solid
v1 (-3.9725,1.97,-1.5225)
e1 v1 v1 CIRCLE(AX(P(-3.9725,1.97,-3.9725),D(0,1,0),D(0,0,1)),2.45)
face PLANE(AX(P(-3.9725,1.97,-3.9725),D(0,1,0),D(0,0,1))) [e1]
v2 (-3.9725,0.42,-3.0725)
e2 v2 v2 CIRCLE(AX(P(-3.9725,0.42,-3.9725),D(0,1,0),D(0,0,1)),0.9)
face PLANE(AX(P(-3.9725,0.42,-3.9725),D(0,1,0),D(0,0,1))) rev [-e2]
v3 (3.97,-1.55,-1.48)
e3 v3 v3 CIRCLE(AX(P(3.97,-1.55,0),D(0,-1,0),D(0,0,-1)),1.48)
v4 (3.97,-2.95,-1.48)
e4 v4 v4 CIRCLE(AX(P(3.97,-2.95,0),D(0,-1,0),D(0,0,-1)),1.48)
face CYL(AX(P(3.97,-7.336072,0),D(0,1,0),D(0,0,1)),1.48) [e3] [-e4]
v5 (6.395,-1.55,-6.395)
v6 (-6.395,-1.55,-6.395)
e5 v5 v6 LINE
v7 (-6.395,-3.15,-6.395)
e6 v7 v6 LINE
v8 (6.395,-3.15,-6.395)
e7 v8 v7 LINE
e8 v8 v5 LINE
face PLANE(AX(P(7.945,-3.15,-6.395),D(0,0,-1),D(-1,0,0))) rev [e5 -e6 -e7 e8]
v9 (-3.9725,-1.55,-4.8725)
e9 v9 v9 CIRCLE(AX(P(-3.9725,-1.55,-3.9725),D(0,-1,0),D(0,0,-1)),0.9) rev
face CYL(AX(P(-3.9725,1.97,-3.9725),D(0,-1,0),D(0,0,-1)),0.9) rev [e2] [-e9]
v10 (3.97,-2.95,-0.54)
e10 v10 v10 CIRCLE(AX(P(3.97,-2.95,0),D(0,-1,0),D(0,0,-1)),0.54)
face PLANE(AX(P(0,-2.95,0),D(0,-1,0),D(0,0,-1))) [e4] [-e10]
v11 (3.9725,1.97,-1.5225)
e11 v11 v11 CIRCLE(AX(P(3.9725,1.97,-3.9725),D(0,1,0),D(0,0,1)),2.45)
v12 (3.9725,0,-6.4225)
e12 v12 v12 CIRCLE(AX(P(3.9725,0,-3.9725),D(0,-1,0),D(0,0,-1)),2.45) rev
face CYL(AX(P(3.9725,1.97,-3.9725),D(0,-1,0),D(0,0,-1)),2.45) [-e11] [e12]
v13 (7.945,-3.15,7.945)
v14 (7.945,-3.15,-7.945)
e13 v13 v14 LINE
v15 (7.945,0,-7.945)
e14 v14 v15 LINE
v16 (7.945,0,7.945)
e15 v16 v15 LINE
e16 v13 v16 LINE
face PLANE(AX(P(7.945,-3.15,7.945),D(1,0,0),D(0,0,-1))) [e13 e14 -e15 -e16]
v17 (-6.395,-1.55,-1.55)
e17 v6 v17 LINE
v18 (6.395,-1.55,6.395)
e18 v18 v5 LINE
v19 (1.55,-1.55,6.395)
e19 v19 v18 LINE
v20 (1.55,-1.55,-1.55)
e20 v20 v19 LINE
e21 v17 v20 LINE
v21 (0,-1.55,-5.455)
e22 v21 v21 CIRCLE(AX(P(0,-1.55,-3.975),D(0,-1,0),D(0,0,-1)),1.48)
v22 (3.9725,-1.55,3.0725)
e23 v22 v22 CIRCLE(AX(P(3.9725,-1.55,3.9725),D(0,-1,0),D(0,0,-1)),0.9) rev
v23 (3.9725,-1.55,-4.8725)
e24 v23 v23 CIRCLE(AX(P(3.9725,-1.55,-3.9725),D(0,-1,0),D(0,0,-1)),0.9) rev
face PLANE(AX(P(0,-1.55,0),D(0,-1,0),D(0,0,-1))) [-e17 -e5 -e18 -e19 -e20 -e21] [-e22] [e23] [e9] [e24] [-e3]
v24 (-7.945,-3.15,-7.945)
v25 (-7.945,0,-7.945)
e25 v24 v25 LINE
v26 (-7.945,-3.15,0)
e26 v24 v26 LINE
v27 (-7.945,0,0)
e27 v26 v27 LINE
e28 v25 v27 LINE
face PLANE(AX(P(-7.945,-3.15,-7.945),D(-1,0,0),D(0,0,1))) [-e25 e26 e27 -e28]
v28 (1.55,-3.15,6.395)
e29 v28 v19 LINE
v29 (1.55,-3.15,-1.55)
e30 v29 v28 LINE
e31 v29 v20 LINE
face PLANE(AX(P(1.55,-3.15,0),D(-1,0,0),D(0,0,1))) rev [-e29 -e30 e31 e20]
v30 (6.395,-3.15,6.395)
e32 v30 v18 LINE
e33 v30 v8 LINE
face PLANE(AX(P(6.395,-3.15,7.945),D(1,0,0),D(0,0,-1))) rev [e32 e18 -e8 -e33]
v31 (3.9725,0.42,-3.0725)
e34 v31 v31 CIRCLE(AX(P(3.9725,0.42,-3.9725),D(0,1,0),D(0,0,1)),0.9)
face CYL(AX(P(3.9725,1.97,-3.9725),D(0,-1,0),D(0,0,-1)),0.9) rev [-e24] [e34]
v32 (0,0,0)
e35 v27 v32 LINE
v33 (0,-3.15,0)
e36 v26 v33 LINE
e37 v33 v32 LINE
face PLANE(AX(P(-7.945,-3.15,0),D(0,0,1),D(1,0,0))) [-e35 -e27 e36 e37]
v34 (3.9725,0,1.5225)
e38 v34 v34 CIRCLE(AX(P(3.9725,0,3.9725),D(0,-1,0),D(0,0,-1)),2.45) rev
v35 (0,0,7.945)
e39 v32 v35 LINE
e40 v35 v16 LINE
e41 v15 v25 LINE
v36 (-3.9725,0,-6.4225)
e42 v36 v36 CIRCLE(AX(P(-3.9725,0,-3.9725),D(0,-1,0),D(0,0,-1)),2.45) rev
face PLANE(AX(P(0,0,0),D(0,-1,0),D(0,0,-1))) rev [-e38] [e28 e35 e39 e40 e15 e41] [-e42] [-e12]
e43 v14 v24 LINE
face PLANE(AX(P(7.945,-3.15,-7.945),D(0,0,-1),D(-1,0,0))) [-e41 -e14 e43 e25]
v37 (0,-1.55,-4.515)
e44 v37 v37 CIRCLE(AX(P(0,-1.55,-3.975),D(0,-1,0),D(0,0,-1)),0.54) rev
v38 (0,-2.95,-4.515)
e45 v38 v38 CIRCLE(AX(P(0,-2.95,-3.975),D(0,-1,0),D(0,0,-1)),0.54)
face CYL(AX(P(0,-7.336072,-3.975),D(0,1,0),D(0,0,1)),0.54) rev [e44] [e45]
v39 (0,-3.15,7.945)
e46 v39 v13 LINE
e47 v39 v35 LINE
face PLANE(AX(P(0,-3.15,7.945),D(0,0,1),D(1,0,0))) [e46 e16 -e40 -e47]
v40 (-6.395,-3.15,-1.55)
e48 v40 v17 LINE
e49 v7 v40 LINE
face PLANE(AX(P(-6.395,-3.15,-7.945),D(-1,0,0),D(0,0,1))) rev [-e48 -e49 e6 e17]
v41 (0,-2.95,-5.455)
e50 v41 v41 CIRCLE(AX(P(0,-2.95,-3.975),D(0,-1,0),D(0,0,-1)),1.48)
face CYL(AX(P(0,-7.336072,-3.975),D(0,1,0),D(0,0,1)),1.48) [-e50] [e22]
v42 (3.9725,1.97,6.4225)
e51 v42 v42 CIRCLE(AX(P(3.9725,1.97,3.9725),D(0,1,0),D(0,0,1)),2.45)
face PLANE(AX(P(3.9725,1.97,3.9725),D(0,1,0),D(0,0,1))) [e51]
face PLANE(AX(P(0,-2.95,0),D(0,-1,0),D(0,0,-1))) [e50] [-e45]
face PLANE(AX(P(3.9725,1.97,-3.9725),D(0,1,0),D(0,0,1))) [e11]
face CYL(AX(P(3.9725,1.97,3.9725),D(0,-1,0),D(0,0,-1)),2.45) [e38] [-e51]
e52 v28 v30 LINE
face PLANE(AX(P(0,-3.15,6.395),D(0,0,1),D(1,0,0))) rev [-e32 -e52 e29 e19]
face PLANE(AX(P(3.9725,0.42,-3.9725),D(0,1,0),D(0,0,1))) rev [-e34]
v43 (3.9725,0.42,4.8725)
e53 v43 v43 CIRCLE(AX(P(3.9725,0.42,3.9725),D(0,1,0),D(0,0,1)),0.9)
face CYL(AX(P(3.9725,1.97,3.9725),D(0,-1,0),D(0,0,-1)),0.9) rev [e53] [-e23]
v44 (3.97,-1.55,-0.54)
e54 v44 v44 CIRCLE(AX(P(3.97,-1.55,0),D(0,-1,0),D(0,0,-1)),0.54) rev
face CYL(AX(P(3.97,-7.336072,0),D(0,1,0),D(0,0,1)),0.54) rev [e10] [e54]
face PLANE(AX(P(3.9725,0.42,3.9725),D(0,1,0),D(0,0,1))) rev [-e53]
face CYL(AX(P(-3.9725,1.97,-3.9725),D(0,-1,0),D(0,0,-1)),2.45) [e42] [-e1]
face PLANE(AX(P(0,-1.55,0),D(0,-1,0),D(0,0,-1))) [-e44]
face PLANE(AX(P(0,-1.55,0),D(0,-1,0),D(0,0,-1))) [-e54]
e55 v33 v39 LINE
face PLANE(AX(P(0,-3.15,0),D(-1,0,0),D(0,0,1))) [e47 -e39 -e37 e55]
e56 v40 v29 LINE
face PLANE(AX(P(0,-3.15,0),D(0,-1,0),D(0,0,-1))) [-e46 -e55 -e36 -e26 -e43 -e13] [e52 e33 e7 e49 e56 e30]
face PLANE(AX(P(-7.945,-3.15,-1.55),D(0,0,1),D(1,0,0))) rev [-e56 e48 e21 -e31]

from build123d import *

# Parameters (mm, degrees)
BOSS_EXTRUDE1_DEPTH = 3.15
SKETCH2_R           = 2.45
BOSS_EXTRUDE2_DEPTH = 1.97
SHELL1_T            = -1.55
SKETCH3_R           = 1.48
SKETCH3_R_2         = 0.54
BOSS_EXTRUDE3_DEPTH = 1.4


with BuildPart() as part:
    # Sketch1 → Boss-Extrude1 (new body)
    with BuildSketch(Plane(origin=(0, 0, 0), x_dir=(1, 0, 0), z_dir=(0, 1, 0))):
        Polygon((0, 0), (0, -7.945), (7.945, -7.945), (7.945, 7.945), (-7.945, 7.945), (-7.945, 0), align=None)
    extrude(amount=-BOSS_EXTRUDE1_DEPTH)

    # Sketch2 → Boss-Extrude2 (add)
    with BuildSketch(Plane(origin=(0, 0, 0), x_dir=(1, 0, 0), z_dir=(0, 1, 0))):
        with Locations(Location((3.9725, 3.9725, 0), (0, 0, 90))):
            Circle(SKETCH2_R)
        with Locations(Location((3.9725, -3.9725, 0), (0, 0, 90))):
            Circle(SKETCH2_R)
        with Locations(Location((-3.9725, 3.9725, 0), (0, 0, 90))):
            Circle(SKETCH2_R)
    extrude(amount=BOSS_EXTRUDE2_DEPTH)

    # Shell1
    shell1_openings = [part.faces().sort_by_distance(p)[0] for p in [
        (1.324166667, -3.15, -1.324166667),
    ]]
    offset(amount=SHELL1_T, openings=shell1_openings, kind=Kind.INTERSECTION)

    # Sketch3 → Boss-Extrude3 (add)
    # profile 1 of 2: a face of its own
    with BuildSketch(Plane.XZ.offset(1.55)):
        with Locations(Location((0, -3.975, 0), (0, 0, 270))):
            Circle(SKETCH3_R)
        with Locations(Location((0, -3.975, 0), (0, 0, 270))):
            Circle(SKETCH3_R_2, mode=Mode.SUBTRACT)
    # profile 2 of 2: a face of its own
    with BuildSketch(Plane.XZ.offset(1.55)):
        with Locations(Location((3.97, 0, 0), (0, 0, 270))):
            Circle(SKETCH3_R)
        with Locations(Location((3.97, 0, 0), (0, 0, 270))):
            Circle(SKETCH3_R_2, mode=Mode.SUBTRACT)
    extrude(amount=BOSS_EXTRUDE3_DEPTH)


solid = part.part
